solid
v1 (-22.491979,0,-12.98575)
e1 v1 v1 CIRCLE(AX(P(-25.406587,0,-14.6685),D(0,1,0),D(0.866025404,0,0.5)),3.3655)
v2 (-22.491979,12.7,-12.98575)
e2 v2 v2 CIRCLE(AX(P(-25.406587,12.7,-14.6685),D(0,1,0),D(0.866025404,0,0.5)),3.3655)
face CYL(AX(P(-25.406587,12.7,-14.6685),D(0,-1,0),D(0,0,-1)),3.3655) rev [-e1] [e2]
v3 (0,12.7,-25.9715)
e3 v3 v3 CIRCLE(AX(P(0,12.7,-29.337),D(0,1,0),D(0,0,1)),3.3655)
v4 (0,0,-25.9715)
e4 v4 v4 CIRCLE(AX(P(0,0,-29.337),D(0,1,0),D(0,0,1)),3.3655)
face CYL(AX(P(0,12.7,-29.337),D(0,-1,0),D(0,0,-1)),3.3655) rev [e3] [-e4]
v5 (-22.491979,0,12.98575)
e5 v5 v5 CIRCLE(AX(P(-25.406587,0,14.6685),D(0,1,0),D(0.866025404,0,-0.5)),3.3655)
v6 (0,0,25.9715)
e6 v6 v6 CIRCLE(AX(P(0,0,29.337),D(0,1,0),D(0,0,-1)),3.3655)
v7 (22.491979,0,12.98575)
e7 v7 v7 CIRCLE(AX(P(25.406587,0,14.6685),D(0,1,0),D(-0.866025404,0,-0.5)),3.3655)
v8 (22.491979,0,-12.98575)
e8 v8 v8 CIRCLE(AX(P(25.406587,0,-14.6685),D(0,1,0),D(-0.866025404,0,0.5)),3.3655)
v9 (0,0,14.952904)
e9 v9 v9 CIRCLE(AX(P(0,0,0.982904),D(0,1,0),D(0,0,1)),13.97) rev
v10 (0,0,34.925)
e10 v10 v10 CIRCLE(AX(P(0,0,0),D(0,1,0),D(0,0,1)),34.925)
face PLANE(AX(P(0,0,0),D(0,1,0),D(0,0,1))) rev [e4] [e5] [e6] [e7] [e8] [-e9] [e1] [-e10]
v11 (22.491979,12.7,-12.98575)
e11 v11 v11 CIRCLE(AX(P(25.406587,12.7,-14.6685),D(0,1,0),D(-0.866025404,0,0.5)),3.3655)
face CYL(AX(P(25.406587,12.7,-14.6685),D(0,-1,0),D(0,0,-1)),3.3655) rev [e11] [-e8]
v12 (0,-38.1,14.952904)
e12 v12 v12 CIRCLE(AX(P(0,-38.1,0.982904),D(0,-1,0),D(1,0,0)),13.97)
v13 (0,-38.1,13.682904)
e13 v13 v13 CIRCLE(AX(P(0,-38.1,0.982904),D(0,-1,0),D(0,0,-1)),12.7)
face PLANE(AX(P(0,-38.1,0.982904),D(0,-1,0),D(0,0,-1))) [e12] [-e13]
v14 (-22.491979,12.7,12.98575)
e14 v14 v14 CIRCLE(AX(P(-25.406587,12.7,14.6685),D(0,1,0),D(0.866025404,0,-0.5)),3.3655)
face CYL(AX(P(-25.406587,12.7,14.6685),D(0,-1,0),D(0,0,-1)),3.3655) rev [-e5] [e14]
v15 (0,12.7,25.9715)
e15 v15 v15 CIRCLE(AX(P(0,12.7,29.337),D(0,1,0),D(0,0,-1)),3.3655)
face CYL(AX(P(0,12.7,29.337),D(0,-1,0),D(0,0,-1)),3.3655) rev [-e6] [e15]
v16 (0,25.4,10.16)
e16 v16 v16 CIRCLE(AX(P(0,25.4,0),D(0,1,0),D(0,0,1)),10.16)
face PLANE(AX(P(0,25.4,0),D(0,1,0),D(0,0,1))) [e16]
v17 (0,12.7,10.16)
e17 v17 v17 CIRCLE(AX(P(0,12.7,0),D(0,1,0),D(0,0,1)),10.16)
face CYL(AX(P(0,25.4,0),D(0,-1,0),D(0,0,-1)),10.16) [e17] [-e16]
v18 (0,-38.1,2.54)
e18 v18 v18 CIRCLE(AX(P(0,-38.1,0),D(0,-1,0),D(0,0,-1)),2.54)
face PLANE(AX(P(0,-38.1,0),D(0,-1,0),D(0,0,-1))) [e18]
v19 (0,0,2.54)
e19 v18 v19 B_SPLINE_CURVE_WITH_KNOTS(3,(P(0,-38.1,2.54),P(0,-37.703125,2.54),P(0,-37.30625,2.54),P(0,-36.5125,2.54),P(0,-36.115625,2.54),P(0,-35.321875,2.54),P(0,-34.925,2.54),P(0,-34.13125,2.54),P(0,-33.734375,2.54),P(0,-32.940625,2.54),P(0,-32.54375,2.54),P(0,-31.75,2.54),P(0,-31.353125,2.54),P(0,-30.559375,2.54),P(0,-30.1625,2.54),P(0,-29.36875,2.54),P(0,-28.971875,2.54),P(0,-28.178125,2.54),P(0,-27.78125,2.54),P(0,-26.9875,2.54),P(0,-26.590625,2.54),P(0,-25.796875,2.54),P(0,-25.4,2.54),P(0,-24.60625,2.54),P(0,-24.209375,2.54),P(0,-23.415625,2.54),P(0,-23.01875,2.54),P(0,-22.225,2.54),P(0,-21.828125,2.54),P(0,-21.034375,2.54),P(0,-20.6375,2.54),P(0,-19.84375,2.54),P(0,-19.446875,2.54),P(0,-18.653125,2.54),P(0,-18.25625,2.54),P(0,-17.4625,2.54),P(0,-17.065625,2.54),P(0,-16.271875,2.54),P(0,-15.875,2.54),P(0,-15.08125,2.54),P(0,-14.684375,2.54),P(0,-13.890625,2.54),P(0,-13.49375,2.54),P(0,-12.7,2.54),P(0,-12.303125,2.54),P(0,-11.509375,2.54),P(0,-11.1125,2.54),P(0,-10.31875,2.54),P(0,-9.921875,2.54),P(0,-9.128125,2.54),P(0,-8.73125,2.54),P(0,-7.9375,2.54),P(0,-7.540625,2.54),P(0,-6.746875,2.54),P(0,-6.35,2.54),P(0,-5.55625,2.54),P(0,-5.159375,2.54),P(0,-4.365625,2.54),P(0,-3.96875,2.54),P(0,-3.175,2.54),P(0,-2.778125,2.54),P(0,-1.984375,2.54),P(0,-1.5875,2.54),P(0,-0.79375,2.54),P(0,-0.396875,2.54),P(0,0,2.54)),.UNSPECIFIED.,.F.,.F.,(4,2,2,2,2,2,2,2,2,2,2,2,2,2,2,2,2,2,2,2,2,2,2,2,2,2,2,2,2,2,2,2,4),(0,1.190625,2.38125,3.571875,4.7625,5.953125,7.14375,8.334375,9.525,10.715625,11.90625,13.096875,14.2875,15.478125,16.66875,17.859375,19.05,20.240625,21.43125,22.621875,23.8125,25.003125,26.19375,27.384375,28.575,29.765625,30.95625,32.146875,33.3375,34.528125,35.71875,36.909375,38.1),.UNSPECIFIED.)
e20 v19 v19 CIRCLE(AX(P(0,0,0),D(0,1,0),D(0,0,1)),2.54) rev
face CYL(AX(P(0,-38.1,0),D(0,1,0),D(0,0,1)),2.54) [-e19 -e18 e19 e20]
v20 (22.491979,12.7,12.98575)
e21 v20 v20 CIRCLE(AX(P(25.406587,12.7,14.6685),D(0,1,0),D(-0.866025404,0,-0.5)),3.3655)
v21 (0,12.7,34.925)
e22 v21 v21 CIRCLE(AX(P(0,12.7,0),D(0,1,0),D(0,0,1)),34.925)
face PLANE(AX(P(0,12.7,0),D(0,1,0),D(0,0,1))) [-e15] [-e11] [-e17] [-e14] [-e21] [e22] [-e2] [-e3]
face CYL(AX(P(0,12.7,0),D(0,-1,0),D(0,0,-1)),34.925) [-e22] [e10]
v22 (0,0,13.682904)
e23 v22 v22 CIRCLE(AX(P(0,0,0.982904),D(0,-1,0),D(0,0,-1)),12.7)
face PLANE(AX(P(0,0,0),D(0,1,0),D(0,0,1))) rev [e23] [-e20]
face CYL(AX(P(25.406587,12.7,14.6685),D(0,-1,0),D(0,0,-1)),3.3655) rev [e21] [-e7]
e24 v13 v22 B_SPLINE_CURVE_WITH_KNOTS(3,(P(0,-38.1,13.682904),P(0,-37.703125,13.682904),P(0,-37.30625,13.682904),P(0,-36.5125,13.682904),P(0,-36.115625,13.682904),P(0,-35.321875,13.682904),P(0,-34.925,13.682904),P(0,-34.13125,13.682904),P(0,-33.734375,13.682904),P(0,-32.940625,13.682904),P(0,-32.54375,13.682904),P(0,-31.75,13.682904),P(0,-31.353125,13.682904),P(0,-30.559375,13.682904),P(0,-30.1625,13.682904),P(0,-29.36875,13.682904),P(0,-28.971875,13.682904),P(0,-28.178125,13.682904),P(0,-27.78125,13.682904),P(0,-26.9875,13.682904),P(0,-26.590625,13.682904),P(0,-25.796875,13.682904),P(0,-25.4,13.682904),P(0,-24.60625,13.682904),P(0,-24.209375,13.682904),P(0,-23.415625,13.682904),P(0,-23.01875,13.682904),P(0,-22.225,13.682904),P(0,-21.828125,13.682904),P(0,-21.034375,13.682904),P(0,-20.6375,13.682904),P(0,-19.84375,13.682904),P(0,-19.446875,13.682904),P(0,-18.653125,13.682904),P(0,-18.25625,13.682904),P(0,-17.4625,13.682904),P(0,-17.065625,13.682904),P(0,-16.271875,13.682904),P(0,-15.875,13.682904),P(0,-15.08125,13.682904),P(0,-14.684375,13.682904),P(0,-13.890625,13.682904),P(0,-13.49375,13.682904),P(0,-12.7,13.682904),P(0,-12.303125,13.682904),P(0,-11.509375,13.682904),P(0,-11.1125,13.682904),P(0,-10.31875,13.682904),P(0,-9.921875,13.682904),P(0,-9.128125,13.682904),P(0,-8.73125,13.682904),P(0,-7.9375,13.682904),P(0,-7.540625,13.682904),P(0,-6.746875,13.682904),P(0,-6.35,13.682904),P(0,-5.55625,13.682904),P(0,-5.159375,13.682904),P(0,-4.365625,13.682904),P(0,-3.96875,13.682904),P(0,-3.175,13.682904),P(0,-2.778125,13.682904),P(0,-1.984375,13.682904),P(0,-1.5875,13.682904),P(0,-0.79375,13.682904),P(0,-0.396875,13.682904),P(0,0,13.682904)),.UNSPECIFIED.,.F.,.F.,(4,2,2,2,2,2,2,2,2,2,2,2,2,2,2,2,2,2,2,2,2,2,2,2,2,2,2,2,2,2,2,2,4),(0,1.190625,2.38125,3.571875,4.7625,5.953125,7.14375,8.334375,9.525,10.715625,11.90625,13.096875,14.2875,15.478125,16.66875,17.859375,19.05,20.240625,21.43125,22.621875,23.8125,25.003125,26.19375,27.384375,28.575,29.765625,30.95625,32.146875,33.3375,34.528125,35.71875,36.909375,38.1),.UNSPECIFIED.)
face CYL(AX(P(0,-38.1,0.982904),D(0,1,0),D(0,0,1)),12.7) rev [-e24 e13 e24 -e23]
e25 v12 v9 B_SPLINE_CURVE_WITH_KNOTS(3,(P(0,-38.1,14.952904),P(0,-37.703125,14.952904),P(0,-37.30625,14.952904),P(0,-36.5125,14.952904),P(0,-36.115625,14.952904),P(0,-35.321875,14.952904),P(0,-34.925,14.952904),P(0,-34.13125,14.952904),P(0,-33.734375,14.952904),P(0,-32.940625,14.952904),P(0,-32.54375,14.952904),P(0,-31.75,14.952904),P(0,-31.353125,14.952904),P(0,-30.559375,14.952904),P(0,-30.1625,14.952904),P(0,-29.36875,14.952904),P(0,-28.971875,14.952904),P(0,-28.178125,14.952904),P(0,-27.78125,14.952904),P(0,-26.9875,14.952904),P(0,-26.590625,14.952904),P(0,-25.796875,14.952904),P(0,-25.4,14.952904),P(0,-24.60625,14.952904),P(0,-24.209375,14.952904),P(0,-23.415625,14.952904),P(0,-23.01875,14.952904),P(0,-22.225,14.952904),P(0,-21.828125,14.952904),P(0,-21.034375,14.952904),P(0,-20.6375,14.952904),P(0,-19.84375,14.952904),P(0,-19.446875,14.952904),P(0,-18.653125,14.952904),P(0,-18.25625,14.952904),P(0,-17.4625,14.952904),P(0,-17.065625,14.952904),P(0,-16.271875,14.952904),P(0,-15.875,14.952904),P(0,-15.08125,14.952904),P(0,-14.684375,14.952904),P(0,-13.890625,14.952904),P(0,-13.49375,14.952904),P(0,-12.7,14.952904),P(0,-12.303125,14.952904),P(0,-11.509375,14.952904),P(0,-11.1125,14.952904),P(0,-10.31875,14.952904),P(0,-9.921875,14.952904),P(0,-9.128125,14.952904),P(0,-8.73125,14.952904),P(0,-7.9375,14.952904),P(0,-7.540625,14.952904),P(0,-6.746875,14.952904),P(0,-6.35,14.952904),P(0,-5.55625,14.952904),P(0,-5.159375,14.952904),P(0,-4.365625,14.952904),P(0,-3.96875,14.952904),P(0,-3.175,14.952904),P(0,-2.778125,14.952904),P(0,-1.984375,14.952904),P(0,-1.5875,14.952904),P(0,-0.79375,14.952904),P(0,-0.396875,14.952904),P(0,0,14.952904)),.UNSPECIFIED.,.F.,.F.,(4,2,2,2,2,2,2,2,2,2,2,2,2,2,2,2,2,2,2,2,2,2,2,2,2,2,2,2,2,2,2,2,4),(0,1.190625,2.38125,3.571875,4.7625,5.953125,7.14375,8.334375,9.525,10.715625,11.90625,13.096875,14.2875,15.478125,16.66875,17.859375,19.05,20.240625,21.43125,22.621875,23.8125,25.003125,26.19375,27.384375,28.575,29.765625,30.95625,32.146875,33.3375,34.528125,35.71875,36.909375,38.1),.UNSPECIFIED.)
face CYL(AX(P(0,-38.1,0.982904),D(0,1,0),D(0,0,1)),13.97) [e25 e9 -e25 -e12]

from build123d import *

# Parameters (mm, degrees)
SKETCH1_R           = 34.925
EXTRUDE1_DEPTH      = 12.7
SKETCH3_R           = 3.3655
CUT_EXTRUDE2_DEPTH  = 12.7
CIRPATTERN1_COUNT   = 6
SKETCH6_R           = 10.16
EXTRUDE2_DEPTH      = 12.7
SKETCH7_R           = 13.97
SKETCH7_R_2         = 12.7
EXTRUDE_THIN2_DEPTH = 38.1
SKETCH8_R           = 2.54
EXTRUDE4_DEPTH      = 38.1


with BuildPart() as part:
    # Sketch1 → Extrude1 (new body)
    with BuildSketch(Plane(origin=(0, 0, 0), x_dir=(1, 0, 0), z_dir=(0, 1, 0))):
        Circle(SKETCH1_R)
    extrude(amount=EXTRUDE1_DEPTH)

    # Sketch3 → Cut-Extrude2 (cut)
    with BuildSketch(Plane(origin=(0, 0, 0), x_dir=(1, 0, 0), z_dir=(0, 1, 0))):
        with Locations((0, 29.337)):
            Circle(SKETCH3_R)
    cut_extrude2 = extrude(amount=CUT_EXTRUDE2_DEPTH, mode=Mode.SUBTRACT)

    # CirPattern1: Cut-Extrude2 ×6 about axis
    cirpattern1_axis = Axis((0, 35.858162691, 0), (0, -1, 0))
    for i in range(1, CIRPATTERN1_COUNT):
        add(cut_extrude2.rotate(cirpattern1_axis, i * 360 / CIRPATTERN1_COUNT), mode=Mode.SUBTRACT)

    # Sketch6 → Extrude2 (add)
    with BuildSketch(Plane(origin=(0, 12.7, 0), x_dir=(-1, 0, 0), z_dir=(0, 1, 0))):
        Circle(SKETCH6_R)
    extrude(amount=EXTRUDE2_DEPTH)

    # Sketch7 → Extrude-Thin2 (add)
    with BuildSketch(Plane.XZ):
        with Locations((0, 0.982903874)):
            Circle(SKETCH7_R)
        with Locations((0, 0.982903874)):
            Circle(SKETCH7_R_2, mode=Mode.SUBTRACT)
    extrude(amount=EXTRUDE_THIN2_DEPTH)

    # Sketch8 → Extrude4 (add)
    with BuildSketch(Plane.XZ):
        Circle(SKETCH8_R)
    extrude(amount=EXTRUDE4_DEPTH)


solid = part.part
